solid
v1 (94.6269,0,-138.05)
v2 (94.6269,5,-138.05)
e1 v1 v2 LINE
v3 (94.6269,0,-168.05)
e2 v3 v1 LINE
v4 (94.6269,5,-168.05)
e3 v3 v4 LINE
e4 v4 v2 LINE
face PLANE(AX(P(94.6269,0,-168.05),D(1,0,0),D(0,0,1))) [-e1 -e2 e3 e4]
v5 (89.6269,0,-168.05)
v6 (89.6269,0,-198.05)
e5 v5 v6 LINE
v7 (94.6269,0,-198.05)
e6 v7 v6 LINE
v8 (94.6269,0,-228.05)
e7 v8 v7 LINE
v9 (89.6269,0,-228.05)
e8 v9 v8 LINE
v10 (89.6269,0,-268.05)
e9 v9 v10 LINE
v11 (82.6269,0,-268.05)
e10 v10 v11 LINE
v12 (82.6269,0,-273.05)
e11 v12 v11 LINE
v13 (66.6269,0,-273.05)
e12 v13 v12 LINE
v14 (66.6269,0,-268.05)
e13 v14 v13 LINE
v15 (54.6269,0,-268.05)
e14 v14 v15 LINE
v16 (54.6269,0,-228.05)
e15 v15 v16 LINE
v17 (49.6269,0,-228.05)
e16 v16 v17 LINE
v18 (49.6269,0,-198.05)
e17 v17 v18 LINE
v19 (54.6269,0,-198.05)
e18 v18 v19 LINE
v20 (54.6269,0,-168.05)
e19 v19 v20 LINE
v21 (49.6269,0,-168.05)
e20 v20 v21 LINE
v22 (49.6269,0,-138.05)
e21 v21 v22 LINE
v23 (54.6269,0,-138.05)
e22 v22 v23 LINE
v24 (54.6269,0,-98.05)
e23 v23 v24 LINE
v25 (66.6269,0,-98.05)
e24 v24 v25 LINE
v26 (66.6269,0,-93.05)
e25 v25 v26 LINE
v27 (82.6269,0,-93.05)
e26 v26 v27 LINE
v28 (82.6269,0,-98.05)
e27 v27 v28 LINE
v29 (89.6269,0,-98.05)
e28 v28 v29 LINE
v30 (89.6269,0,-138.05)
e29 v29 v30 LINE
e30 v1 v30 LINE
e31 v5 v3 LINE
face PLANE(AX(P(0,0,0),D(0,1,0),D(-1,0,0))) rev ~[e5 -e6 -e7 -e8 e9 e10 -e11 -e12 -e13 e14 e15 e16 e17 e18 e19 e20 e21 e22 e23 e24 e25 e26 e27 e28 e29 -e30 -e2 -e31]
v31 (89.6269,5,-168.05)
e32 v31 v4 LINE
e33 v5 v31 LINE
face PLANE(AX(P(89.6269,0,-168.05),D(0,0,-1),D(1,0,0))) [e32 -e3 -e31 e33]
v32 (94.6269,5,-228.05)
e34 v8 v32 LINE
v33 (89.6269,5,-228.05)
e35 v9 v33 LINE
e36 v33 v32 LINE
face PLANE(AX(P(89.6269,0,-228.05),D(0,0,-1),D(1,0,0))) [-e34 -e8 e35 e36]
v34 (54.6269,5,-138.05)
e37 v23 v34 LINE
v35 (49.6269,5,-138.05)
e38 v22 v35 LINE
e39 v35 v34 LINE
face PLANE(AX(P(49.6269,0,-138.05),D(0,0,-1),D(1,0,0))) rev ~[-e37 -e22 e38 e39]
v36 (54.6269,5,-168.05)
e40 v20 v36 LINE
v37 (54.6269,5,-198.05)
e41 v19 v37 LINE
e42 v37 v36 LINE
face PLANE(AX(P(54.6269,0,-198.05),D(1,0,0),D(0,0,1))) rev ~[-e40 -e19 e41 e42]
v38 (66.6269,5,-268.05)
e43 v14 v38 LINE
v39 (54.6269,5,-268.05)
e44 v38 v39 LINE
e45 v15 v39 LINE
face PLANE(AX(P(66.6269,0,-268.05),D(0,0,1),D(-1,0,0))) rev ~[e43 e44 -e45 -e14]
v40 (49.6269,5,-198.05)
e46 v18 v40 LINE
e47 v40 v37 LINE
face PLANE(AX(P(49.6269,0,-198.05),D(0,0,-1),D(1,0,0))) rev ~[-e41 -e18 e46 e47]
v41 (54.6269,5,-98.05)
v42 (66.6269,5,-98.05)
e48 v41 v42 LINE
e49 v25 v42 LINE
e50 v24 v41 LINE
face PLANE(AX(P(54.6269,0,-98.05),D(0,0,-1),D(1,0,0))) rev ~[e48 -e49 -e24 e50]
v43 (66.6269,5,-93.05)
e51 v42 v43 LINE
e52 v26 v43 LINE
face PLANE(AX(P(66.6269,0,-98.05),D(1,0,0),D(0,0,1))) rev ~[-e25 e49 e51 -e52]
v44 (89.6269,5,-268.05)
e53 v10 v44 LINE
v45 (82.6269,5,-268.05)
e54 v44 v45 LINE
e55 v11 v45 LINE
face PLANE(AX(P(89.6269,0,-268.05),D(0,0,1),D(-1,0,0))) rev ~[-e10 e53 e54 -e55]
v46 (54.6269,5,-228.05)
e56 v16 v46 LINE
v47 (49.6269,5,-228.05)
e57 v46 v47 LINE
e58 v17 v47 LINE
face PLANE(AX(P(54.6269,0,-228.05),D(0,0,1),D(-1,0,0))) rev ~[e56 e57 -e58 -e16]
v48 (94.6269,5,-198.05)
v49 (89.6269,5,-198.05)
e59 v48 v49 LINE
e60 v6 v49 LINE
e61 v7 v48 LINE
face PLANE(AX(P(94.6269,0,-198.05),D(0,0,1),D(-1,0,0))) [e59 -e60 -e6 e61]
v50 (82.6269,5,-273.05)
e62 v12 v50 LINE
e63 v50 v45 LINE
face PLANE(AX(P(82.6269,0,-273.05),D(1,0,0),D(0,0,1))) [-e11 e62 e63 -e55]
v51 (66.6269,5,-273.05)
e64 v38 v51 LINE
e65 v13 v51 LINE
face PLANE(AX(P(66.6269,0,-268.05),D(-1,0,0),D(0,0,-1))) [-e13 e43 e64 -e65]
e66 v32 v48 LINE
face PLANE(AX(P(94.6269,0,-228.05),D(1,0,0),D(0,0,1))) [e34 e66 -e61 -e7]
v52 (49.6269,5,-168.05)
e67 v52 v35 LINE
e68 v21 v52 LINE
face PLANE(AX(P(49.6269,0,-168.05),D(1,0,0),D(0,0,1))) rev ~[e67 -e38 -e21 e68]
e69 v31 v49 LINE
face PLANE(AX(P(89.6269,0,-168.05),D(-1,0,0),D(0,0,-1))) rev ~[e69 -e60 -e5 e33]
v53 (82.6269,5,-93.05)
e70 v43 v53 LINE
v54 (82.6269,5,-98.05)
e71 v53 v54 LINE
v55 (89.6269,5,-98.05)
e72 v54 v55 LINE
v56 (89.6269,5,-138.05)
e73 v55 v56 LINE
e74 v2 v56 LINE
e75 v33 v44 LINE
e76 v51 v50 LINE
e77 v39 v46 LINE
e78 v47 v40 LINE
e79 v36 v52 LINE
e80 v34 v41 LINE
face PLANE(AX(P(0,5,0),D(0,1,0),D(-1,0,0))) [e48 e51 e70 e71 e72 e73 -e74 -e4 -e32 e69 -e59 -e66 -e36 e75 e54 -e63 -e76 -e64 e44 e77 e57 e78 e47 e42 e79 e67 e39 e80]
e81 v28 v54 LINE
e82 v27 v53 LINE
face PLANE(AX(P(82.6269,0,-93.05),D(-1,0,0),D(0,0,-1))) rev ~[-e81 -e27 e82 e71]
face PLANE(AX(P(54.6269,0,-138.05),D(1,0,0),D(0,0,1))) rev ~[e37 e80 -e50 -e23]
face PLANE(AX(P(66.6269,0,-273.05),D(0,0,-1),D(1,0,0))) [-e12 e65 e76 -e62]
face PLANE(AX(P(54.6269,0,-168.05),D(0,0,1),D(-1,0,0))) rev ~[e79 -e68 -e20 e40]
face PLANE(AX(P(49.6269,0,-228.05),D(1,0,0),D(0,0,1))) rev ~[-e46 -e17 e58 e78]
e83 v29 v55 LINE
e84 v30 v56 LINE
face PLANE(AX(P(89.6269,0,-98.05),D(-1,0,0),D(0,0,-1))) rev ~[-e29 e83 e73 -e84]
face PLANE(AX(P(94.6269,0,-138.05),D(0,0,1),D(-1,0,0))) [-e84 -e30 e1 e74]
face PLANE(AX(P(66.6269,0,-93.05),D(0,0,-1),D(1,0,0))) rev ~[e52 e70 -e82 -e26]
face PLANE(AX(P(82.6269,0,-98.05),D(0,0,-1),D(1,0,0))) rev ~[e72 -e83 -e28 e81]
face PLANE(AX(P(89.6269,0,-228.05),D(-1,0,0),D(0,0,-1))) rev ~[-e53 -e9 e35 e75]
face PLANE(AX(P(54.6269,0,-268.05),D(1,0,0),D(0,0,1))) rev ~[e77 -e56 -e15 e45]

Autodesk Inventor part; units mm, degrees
ref_plane "YZ Plane" through (0, 0, 0) normal (1, 0, 0) x (0, 1, 0)
ref_plane "XZ Plane" through (0, 0, 0) normal (0, 1, 0) x (-1, 0, 0)
ref_plane "XY Plane" through (0, 0, 0) normal (0, 0, 1) x (1, 0, 0)
sketch "Sketch1" plane through (0, 0, 0) normal (0, 1, 0) x (-1, 0, 0)
  line L0 (-89.6269, -268.05) -> (-54.6269, -268.05)
  line L1 (-54.6269, -268.05) -> (-54.6269, -98.05)
  line L2 (-54.6269, -98.05) -> (-89.6269, -98.05)
  line L3 (-89.6269, -98.05) -> (-89.6269, -268.05)
  line L4 (-82.6269, -268.05) -> (-66.6269, -268.05)
  line L5 (-66.6269, -268.05) -> (-66.6269, -273.05)
  line L6 (-66.6269, -273.05) -> (-82.6269, -273.05)
  line L7 (-82.6269, -273.05) -> (-82.6269, -268.05)
  line L8 (-89.6269, -228.05) -> (-94.6269, -228.05)
  line L9 (-94.6269, -228.05) -> (-94.6269, -198.05)
  line L10 (-94.6269, -198.05) -> (-89.6269, -198.05)
  line L11 (-89.6269, -198.05) -> (-89.6269, -228.05)
  line L12 (-89.6269, -168.05) -> (-94.6269, -168.05)
  line L13 (-94.6269, -168.05) -> (-94.6269, -138.05)
  line L14 (-94.6269, -138.05) -> (-89.6269, -138.05)
  line L15 (-89.6269, -138.05) -> (-89.6269, -168.05)
  line L16 (-72.1269, -98.05) -> (-72.1269, -268.05)
  line L17 (-54.6269, -228.05) -> (-49.6269, -228.05)
  line L18 (-49.6269, -228.05) -> (-49.6269, -198.05)
  line L19 (-49.6269, -198.05) -> (-54.6269, -198.05)
  line L20 (-54.6269, -198.05) -> (-54.6269, -228.05)
  line L21 (-54.6269, -168.05) -> (-49.6269, -168.05)
  line L22 (-49.6269, -168.05) -> (-49.6269, -138.05)
  line L23 (-49.6269, -138.05) -> (-54.6269, -138.05)
  line L24 (-54.6269, -138.05) -> (-54.6269, -168.05)
  line L25 (-82.6269, -98.05) -> (-66.6269, -98.05)
  line L26 (-66.6269, -98.05) -> (-66.6269, -93.05)
  line L27 (-66.6269, -93.05) -> (-82.6269, -93.05)
  line L28 (-82.6269, -93.05) -> (-82.6269, -98.05)
  dimension "d22" = 35
  dimension "d23" = 170
  dimension "d24" = 16
  dimension "d25" = 5
  dimension "d26" = 12
  dimension "d27" = 5
  dimension "d28" = 30
  dimension "d29" = 5
  dimension "d30" = 30
  dimension "d31" = 30
  dimension "d32" = 40
  dimension "d33" = 5
  dimension "d34" = 16
  dimension "d35" = 5
extrude "Extrusion2" add sketch "Sketch1" along normal blind 5
properties part number "Lat 1"
